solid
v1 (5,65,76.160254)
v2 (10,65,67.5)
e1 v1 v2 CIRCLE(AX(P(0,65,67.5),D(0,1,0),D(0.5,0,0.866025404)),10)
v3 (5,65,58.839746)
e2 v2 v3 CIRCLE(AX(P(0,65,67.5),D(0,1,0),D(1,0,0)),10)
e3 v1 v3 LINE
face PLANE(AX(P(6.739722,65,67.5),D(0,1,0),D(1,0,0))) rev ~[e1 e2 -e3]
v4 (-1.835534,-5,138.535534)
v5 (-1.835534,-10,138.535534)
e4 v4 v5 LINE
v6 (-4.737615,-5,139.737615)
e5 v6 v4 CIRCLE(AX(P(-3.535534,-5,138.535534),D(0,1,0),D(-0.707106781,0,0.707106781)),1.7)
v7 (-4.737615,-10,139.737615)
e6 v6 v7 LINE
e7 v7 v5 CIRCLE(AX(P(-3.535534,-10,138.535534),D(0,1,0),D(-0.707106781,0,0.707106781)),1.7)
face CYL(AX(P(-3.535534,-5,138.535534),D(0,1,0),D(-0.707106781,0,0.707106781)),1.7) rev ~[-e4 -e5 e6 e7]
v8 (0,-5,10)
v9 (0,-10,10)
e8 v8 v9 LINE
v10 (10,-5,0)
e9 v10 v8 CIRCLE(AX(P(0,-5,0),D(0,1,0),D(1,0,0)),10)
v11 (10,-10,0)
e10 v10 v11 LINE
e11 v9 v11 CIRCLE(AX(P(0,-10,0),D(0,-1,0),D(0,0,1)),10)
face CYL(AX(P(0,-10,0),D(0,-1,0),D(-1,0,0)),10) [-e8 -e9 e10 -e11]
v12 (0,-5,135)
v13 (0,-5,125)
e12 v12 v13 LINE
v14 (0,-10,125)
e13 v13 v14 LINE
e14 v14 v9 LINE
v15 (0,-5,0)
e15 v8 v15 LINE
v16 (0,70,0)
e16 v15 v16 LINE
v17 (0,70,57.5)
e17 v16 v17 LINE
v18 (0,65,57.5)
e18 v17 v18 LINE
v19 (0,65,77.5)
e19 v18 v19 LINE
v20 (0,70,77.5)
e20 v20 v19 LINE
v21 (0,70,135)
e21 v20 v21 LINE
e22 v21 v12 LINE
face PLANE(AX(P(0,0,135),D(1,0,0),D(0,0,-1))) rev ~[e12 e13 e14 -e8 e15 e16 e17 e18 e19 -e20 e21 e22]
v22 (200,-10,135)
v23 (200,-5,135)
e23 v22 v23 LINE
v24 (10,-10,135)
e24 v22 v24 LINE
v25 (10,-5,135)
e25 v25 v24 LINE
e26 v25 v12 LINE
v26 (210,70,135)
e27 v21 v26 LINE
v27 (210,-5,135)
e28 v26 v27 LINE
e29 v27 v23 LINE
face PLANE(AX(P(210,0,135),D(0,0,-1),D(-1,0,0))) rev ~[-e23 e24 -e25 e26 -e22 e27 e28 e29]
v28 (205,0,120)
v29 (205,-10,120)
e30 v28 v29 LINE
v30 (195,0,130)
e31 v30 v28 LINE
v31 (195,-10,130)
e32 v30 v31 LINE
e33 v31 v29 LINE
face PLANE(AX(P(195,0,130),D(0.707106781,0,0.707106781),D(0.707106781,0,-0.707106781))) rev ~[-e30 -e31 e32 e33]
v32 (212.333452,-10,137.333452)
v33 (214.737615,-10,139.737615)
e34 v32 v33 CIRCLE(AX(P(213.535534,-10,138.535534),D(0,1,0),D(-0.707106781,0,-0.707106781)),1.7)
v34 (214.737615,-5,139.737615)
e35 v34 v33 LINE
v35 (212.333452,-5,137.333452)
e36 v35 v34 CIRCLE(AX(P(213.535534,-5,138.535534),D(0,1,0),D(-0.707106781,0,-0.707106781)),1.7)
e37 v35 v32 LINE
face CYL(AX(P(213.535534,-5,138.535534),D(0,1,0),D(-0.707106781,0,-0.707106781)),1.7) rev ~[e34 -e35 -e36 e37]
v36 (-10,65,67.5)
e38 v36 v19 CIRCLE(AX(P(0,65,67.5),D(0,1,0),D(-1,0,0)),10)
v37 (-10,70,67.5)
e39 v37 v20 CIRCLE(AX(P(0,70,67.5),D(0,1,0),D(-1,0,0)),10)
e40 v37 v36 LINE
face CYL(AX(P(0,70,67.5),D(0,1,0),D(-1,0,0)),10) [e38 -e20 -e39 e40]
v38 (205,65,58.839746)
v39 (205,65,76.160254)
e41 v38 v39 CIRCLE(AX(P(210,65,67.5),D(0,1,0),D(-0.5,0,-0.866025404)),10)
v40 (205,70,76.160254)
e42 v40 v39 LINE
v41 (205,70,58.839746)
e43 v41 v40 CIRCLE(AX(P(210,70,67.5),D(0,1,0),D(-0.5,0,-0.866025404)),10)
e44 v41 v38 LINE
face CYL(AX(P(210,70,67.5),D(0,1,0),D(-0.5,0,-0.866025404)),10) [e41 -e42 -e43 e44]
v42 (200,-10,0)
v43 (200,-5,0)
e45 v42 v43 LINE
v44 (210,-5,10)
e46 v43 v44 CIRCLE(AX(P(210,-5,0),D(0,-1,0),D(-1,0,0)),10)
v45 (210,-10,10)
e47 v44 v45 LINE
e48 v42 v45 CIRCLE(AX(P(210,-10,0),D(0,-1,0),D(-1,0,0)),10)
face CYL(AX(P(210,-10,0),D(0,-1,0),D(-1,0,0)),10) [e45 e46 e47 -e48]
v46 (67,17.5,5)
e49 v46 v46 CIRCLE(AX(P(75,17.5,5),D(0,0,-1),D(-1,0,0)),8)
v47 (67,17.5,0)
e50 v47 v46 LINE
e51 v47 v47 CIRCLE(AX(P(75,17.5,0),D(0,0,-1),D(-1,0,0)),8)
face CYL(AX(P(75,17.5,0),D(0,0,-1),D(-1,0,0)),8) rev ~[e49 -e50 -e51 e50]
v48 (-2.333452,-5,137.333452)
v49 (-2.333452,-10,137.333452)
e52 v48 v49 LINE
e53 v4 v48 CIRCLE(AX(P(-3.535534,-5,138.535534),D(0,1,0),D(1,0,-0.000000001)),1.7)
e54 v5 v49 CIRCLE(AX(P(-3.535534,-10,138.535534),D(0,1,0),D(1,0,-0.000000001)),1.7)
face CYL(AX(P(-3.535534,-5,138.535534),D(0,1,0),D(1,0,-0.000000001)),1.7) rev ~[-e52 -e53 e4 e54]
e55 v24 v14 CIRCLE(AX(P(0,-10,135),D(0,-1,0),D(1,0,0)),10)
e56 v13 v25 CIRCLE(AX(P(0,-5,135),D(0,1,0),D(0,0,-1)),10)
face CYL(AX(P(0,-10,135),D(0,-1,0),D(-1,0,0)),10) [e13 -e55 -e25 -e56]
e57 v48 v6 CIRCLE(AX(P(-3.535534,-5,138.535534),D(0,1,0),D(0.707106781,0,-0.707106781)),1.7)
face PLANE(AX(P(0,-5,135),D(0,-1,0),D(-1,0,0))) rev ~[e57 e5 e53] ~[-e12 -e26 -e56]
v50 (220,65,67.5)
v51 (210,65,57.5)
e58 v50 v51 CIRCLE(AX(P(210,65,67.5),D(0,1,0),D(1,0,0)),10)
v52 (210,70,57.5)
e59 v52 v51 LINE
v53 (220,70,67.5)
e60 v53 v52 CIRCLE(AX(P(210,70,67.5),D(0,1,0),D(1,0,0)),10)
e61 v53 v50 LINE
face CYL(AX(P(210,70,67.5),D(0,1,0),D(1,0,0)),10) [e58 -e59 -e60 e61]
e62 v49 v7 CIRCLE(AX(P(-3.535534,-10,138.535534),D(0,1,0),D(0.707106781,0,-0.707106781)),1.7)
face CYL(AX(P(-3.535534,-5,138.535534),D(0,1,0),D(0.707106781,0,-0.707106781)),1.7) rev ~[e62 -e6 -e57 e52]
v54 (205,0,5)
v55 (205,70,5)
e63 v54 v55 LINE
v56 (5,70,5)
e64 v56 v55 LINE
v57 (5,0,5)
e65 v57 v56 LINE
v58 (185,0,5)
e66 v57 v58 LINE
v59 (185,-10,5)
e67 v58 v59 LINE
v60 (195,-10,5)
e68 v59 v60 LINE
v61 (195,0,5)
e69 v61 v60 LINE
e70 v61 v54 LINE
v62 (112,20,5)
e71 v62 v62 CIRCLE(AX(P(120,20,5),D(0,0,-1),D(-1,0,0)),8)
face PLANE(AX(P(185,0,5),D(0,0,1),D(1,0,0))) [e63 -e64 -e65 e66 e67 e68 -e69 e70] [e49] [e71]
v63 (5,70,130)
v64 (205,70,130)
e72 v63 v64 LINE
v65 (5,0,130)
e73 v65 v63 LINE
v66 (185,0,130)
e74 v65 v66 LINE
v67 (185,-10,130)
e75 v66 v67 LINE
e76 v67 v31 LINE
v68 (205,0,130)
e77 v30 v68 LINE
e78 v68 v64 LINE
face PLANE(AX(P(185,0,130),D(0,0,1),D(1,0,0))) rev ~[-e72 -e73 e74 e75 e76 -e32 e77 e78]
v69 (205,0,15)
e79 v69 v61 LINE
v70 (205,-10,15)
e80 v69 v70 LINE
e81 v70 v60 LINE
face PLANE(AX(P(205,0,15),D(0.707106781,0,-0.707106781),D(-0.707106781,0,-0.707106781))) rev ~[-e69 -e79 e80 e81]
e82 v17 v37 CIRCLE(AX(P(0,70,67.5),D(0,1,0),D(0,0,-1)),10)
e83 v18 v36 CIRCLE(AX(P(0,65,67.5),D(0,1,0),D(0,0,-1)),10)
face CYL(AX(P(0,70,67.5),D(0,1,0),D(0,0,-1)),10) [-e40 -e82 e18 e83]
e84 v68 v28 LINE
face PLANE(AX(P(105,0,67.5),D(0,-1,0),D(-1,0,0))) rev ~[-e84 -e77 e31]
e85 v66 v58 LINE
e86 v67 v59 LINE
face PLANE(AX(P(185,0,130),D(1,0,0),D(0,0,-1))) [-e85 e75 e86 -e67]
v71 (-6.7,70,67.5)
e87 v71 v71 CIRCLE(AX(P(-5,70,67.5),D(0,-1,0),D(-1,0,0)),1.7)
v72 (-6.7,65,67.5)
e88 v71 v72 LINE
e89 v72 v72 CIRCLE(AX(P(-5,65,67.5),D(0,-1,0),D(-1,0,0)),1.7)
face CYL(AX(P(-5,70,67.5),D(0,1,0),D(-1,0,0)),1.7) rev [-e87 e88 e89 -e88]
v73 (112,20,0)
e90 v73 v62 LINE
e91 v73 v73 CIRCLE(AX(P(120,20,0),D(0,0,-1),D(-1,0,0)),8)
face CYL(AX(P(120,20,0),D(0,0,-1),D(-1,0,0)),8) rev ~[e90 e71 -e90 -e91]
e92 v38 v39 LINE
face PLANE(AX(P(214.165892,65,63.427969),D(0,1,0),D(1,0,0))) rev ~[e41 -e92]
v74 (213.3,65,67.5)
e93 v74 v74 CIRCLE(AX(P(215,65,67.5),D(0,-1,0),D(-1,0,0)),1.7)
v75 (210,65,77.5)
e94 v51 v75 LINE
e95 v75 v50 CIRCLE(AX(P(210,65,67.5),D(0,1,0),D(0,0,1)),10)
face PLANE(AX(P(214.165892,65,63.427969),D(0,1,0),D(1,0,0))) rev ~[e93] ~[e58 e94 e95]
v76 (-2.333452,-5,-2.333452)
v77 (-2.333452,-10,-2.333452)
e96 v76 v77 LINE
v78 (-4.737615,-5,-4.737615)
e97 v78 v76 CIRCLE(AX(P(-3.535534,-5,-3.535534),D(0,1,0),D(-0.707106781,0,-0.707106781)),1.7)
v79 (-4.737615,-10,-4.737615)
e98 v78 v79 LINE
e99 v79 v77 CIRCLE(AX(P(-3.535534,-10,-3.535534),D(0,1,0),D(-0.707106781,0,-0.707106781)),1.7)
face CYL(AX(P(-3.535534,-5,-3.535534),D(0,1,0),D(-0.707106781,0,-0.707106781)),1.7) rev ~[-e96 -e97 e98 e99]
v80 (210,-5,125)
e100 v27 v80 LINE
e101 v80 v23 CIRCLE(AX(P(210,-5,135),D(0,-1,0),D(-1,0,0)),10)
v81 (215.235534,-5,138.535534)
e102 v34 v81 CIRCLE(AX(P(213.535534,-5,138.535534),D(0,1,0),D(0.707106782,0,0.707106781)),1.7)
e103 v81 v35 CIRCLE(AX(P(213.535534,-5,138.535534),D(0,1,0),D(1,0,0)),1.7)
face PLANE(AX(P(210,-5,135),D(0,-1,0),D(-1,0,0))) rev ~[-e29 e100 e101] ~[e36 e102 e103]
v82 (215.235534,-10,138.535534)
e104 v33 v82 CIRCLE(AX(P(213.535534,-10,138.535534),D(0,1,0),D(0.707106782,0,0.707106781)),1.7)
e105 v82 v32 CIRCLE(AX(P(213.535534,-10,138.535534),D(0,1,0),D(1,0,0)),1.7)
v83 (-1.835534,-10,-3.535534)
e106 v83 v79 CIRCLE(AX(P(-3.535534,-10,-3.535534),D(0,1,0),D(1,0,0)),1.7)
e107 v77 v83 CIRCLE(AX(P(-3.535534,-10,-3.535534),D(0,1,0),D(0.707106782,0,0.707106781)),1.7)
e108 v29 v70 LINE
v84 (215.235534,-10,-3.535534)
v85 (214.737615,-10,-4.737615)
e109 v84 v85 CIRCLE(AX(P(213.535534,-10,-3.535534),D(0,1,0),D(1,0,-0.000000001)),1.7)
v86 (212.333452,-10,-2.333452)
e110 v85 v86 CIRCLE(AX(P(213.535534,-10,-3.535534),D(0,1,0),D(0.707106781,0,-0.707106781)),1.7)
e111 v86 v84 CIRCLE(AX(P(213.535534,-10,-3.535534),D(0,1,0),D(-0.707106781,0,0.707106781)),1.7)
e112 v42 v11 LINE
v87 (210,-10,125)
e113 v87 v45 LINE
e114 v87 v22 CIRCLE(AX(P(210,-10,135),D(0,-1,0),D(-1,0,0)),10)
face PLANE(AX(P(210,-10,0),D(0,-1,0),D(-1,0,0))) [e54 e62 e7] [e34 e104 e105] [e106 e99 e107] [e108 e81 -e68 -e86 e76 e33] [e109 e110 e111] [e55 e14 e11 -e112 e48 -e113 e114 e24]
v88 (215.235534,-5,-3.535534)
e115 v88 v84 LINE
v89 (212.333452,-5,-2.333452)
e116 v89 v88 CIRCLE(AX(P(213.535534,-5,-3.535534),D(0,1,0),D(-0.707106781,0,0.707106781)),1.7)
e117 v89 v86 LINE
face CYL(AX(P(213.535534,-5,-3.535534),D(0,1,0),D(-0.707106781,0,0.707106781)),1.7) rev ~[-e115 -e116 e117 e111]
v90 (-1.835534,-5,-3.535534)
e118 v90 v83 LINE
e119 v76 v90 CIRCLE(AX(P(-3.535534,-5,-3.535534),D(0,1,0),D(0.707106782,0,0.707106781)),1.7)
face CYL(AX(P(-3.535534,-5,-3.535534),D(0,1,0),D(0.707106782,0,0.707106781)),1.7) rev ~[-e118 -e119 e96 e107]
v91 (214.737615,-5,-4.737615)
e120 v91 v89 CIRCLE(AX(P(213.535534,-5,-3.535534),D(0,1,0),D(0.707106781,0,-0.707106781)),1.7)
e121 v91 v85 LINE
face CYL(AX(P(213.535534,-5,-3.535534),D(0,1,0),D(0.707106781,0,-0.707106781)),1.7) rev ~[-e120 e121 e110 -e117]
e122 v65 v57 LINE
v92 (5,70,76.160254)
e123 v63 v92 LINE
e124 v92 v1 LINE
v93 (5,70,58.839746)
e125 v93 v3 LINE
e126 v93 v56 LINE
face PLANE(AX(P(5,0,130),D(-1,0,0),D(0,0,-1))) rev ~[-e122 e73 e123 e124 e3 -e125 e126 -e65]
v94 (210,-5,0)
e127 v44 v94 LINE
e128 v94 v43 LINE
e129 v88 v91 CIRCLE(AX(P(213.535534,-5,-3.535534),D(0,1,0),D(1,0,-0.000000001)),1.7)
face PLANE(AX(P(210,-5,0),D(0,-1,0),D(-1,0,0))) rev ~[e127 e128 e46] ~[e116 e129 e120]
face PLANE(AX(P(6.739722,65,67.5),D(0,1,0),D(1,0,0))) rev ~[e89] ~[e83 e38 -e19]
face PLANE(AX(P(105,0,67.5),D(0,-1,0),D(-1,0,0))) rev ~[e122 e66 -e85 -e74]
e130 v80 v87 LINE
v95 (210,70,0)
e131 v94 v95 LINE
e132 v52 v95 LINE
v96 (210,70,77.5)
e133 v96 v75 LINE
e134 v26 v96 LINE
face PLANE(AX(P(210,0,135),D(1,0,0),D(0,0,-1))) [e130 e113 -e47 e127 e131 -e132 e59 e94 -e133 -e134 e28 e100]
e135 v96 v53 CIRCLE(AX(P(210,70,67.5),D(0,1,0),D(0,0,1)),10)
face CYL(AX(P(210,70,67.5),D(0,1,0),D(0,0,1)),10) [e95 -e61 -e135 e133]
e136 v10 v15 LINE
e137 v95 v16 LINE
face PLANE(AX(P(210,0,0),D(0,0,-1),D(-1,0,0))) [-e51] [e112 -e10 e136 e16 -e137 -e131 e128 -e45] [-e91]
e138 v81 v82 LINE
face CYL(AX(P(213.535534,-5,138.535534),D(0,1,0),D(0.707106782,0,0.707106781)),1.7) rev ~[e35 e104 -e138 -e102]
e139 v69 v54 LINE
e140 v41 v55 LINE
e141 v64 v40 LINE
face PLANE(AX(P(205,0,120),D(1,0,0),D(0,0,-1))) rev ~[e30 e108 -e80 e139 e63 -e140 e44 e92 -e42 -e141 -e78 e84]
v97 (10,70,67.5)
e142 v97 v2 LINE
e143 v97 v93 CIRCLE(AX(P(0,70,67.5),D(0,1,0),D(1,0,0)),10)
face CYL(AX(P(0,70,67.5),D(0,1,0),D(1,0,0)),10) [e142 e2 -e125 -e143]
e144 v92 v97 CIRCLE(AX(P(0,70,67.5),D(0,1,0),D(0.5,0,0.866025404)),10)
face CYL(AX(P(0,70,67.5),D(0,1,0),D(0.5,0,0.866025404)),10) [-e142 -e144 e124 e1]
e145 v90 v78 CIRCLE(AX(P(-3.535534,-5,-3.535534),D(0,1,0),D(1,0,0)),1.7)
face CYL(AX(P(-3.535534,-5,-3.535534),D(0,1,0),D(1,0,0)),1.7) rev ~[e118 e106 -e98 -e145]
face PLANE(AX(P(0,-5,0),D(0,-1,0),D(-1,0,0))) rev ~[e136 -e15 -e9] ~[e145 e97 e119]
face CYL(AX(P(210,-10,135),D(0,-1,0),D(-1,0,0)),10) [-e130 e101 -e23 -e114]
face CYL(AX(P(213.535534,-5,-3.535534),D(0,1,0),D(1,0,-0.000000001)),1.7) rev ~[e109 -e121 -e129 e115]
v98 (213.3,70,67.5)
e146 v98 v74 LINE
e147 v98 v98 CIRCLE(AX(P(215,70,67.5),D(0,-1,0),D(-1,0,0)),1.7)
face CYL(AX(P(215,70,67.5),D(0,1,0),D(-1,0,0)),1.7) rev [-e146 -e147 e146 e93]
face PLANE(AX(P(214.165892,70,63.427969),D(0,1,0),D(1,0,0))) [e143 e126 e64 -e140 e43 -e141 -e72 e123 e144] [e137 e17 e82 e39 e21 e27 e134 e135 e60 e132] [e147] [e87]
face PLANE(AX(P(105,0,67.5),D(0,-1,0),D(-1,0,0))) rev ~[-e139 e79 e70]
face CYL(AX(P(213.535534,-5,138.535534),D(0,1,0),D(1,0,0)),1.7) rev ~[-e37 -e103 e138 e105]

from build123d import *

# Parameters (mm, degrees)
SKETCH1_W           = 200
SKETCH1_H           = 125
BOSS_EXTRUDE1_DEPTH = 70
SKETCH2_W           = 210
SKETCH2_H           = 135
BOSS_EXTRUDE2_DEPTH = 10
SKETCH3_R           = 10
BOSS_EXTRUDE5_DEPTH = 5
CUT_EXTRUDE2_DEPTH  = 5
CUT_EXTRUDE3_DEPTH  = 10
SKETCH10_W          = 10
SKETCH10_H          = 125
CUT_EXTRUDE4_DEPTH  = 10
BOSS_EXTRUDE6_DEPTH = 5
SKETCH12_R          = 8
CUT_EXTRUDE5_DEPTH  = 10


with BuildPart() as part:
    # Sketch1 → Boss-Extrude1 (new body)
    with BuildSketch(Plane(origin=(0, 0, 0), x_dir=(1, 0, 0), z_dir=(0, 1, 0))):
        Polygon((210, 0), (0, 0), (0, -135), (5, -135), (210, -135), align=None)
        with Locations((105, -67.5)):
            Rectangle(SKETCH1_W, SKETCH1_H, mode=Mode.SUBTRACT)
    extrude(amount=BOSS_EXTRUDE1_DEPTH)

    # Sketch2 → Boss-Extrude2 (add)
    with BuildSketch(Plane(origin=(0, 0, 0), x_dir=(-1, 0, 0), z_dir=(0, -1, 0))):
        with Locations((-105, -67.5)):
            Rectangle(SKETCH2_W, SKETCH2_H)
    extrude(amount=BOSS_EXTRUDE2_DEPTH)

    # Sketch3 → Boss-Extrude5 (add)
    with BuildSketch(Plane(origin=(0, -10, 0), x_dir=(-1, 0, 0), z_dir=(0, -1, 0))):
        with Locations((-210, 0)):
            Circle(SKETCH3_R)
        Circle(SKETCH3_R)
        with Locations((0, -135)):
            Circle(SKETCH3_R)
        with Locations((-210, -135)):
            Circle(SKETCH3_R)
    extrude(amount=-BOSS_EXTRUDE5_DEPTH)

    # Sketch7 → Cut-Extrude2 (cut)
    with BuildSketch(Plane(origin=(0, -5, 0), x_dir=(1, 0, 0), z_dir=(0, 1, 0))):
        with BuildLine():
            ThreePointArc((215.235533906, -138.535533906), (214.186095741, -136.964938701), (212.333452378, -137.333452378))
            Line((212.333452378, -137.333452378), (214.737615434, -139.737615434))
            ThreePointArc((214.737615434, -139.737615434), (215.106129111, -139.186095741), (215.235533906, -138.535533906))
        make_face()
        with BuildLine():
            Line((214.737615434, -139.737615434), (212.333452378, -137.333452378))
            ThreePointArc((212.333452378, -137.333452378), (212.333452378, -139.737615434), (214.737615434, -139.737615434))
        make_face()
        with BuildLine():
            ThreePointArc((214.737615434, 4.737615434), (212.333452378, 4.737615434), (212.333452378, 2.333452378))
            Line((212.333452378, 2.333452378), (214.737615434, 4.737615434))
        make_face()
        with BuildLine():
            Line((214.737615434, 4.737615434), (212.333452378, 2.333452378))
            ThreePointArc((212.333452378, 2.333452378), (214.186095741, 1.964938701), (215.235533906, 3.535533906))
            ThreePointArc((215.235533906, 3.535533906), (215.106129111, 4.186095741), (214.737615434, 4.737615434))
        make_face()
        with BuildLine():
            ThreePointArc((-4.737615434, 4.737615434), (-4.737615434, 2.333452378), (-2.333452378, 2.333452378))
            Line((-2.333452378, 2.333452378), (-4.737615434, 4.737615434))
        make_face()
        with BuildLine():
            Line((-4.737615434, 4.737615434), (-2.333452378, 2.333452378))
            ThreePointArc((-2.333452378, 2.333452378), (-1.964938701, 2.884972071), (-1.835533906, 3.535533906))
            ThreePointArc((-1.835533906, 3.535533906), (-2.884972071, 5.106129111), (-4.737615434, 4.737615434))
        make_face()
        with BuildLine():
            ThreePointArc((-1.835533906, -138.535533906), (-1.964938701, -137.884972071), (-2.333452378, -137.333452378))
            Line((-2.333452378, -137.333452378), (-4.737615434, -139.737615434))
            ThreePointArc((-4.737615434, -139.737615434), (-2.884972071, -140.106129111), (-1.835533906, -138.535533906))
        make_face()
        with BuildLine():
            Line((-4.737615434, -139.737615434), (-2.333452378, -137.333452378))
            ThreePointArc((-2.333452378, -137.333452378), (-4.737615434, -137.333452378), (-4.737615434, -139.737615434))
        make_face()
    extrude(amount=-CUT_EXTRUDE2_DEPTH, mode=Mode.SUBTRACT)

    # Sketch9 → Cut-Extrude3 (cut)
    with BuildSketch(Plane(origin=(0, 0, 0), x_dir=(1, 0, 0), z_dir=(0, 1, 0))):
        Polygon((195, -130), (200, -125), (205, -120), (205, -15), (200, -10), (195, -5), align=None)
    extrude(amount=-CUT_EXTRUDE3_DEPTH, mode=Mode.SUBTRACT)

    # Sketch10 → Cut-Extrude4 (cut)
    with BuildSketch(Plane(origin=(0, 0, 0), x_dir=(1, 0, 0), z_dir=(0, 1, 0))):
        with Locations((190, -67.5)):
            Rectangle(SKETCH10_W, SKETCH10_H)
    extrude(amount=-CUT_EXTRUDE4_DEPTH, mode=Mode.SUBTRACT)

    # Sketch11 → Boss-Extrude6 (add)
    with BuildSketch(Plane(origin=(0, 70, 0), x_dir=(1, 0, 0), z_dir=(0, 1, 0))):
        with BuildLine():
            ThreePointArc((213.3, -67.5), (215, -65.8), (216.7, -67.5))
            Line((216.7, -67.5), (220, -67.5))
            ThreePointArc((220, -67.5), (217.071067812, -60.428932188), (210, -57.5))
            Line((210, -57.5), (210, -67.5))
            Line((210, -67.5), (213.3, -67.5))
        make_face()
        with BuildLine():
            Line((220, -67.5), (216.7, -67.5))
            ThreePointArc((216.7, -67.5), (215, -69.2), (213.3, -67.5))
            Line((213.3, -67.5), (210, -67.5))
            Line((210, -67.5), (210, -77.5))
            ThreePointArc((210, -77.5), (217.071067812, -74.571067812), (220, -67.5))
        make_face()
        with BuildLine():
            Line((205, -76.160254038), (205, -58.839745962))
            ThreePointArc((205, -58.839745962), (200, -67.5), (205, -76.160254038))
        make_face()
        with BuildLine():
            Line((210, -67.5), (210, -57.5))
            ThreePointArc((210, -57.5), (207.411809549, -57.840741737), (205, -58.839745962))
            Line((205, -58.839745962), (205, -76.160254038))
            ThreePointArc((205, -76.160254038), (207.411809549, -77.159258263), (210, -77.5))
            Line((210, -77.5), (210, -67.5))
        make_face()
        with BuildLine():
            ThreePointArc((10, -67.5), (8.660254038, -62.5), (5, -58.839745962))
            Line((5, -58.839745962), (5, -76.160254038))
            ThreePointArc((5, -76.160254038), (8.660254038, -72.5), (10, -67.5))
        make_face()
        with BuildLine():
            Line((0, -57.5), (0, -67.5))
            Line((0, -67.5), (0, -77.5))
            ThreePointArc((0, -77.5), (2.588190451, -77.159258263), (5, -76.160254038))
            Line((5, -76.160254038), (5, -58.839745962))
            ThreePointArc((5, -58.839745962), (2.588190451, -57.840741737), (0, -57.5))
        make_face()
        with BuildLine():
            Line((0, -77.5), (0, -67.5))
            Line((0, -67.5), (-3.3, -67.5))
            ThreePointArc((-3.3, -67.5), (-5, -69.2), (-6.7, -67.5))
            Line((-6.7, -67.5), (-10, -67.5))
            ThreePointArc((-10, -67.5), (-7.071067812, -74.571067812), (0, -77.5))
        make_face()
        with BuildLine():
            Line((-3.3, -67.5), (0, -67.5))
            Line((0, -67.5), (0, -57.5))
            ThreePointArc((0, -57.5), (-7.071067812, -60.428932188), (-10, -67.5))
            Line((-10, -67.5), (-6.7, -67.5))
            ThreePointArc((-6.7, -67.5), (-5, -65.8), (-3.3, -67.5))
        make_face()
    extrude(amount=-BOSS_EXTRUDE6_DEPTH)

    # Sketch12 → Cut-Extrude5 (cut)
    with BuildSketch(Plane(origin=(0, 0, 0), x_dir=(-1, 0, 0), z_dir=(0, 0, -1))):
        with Locations((-75, 17.5)):
            Circle(SKETCH12_R)
        with Locations((-120, 20)):
            Circle(SKETCH12_R)
    extrude(amount=-CUT_EXTRUDE5_DEPTH, mode=Mode.SUBTRACT)


solid = part.part
